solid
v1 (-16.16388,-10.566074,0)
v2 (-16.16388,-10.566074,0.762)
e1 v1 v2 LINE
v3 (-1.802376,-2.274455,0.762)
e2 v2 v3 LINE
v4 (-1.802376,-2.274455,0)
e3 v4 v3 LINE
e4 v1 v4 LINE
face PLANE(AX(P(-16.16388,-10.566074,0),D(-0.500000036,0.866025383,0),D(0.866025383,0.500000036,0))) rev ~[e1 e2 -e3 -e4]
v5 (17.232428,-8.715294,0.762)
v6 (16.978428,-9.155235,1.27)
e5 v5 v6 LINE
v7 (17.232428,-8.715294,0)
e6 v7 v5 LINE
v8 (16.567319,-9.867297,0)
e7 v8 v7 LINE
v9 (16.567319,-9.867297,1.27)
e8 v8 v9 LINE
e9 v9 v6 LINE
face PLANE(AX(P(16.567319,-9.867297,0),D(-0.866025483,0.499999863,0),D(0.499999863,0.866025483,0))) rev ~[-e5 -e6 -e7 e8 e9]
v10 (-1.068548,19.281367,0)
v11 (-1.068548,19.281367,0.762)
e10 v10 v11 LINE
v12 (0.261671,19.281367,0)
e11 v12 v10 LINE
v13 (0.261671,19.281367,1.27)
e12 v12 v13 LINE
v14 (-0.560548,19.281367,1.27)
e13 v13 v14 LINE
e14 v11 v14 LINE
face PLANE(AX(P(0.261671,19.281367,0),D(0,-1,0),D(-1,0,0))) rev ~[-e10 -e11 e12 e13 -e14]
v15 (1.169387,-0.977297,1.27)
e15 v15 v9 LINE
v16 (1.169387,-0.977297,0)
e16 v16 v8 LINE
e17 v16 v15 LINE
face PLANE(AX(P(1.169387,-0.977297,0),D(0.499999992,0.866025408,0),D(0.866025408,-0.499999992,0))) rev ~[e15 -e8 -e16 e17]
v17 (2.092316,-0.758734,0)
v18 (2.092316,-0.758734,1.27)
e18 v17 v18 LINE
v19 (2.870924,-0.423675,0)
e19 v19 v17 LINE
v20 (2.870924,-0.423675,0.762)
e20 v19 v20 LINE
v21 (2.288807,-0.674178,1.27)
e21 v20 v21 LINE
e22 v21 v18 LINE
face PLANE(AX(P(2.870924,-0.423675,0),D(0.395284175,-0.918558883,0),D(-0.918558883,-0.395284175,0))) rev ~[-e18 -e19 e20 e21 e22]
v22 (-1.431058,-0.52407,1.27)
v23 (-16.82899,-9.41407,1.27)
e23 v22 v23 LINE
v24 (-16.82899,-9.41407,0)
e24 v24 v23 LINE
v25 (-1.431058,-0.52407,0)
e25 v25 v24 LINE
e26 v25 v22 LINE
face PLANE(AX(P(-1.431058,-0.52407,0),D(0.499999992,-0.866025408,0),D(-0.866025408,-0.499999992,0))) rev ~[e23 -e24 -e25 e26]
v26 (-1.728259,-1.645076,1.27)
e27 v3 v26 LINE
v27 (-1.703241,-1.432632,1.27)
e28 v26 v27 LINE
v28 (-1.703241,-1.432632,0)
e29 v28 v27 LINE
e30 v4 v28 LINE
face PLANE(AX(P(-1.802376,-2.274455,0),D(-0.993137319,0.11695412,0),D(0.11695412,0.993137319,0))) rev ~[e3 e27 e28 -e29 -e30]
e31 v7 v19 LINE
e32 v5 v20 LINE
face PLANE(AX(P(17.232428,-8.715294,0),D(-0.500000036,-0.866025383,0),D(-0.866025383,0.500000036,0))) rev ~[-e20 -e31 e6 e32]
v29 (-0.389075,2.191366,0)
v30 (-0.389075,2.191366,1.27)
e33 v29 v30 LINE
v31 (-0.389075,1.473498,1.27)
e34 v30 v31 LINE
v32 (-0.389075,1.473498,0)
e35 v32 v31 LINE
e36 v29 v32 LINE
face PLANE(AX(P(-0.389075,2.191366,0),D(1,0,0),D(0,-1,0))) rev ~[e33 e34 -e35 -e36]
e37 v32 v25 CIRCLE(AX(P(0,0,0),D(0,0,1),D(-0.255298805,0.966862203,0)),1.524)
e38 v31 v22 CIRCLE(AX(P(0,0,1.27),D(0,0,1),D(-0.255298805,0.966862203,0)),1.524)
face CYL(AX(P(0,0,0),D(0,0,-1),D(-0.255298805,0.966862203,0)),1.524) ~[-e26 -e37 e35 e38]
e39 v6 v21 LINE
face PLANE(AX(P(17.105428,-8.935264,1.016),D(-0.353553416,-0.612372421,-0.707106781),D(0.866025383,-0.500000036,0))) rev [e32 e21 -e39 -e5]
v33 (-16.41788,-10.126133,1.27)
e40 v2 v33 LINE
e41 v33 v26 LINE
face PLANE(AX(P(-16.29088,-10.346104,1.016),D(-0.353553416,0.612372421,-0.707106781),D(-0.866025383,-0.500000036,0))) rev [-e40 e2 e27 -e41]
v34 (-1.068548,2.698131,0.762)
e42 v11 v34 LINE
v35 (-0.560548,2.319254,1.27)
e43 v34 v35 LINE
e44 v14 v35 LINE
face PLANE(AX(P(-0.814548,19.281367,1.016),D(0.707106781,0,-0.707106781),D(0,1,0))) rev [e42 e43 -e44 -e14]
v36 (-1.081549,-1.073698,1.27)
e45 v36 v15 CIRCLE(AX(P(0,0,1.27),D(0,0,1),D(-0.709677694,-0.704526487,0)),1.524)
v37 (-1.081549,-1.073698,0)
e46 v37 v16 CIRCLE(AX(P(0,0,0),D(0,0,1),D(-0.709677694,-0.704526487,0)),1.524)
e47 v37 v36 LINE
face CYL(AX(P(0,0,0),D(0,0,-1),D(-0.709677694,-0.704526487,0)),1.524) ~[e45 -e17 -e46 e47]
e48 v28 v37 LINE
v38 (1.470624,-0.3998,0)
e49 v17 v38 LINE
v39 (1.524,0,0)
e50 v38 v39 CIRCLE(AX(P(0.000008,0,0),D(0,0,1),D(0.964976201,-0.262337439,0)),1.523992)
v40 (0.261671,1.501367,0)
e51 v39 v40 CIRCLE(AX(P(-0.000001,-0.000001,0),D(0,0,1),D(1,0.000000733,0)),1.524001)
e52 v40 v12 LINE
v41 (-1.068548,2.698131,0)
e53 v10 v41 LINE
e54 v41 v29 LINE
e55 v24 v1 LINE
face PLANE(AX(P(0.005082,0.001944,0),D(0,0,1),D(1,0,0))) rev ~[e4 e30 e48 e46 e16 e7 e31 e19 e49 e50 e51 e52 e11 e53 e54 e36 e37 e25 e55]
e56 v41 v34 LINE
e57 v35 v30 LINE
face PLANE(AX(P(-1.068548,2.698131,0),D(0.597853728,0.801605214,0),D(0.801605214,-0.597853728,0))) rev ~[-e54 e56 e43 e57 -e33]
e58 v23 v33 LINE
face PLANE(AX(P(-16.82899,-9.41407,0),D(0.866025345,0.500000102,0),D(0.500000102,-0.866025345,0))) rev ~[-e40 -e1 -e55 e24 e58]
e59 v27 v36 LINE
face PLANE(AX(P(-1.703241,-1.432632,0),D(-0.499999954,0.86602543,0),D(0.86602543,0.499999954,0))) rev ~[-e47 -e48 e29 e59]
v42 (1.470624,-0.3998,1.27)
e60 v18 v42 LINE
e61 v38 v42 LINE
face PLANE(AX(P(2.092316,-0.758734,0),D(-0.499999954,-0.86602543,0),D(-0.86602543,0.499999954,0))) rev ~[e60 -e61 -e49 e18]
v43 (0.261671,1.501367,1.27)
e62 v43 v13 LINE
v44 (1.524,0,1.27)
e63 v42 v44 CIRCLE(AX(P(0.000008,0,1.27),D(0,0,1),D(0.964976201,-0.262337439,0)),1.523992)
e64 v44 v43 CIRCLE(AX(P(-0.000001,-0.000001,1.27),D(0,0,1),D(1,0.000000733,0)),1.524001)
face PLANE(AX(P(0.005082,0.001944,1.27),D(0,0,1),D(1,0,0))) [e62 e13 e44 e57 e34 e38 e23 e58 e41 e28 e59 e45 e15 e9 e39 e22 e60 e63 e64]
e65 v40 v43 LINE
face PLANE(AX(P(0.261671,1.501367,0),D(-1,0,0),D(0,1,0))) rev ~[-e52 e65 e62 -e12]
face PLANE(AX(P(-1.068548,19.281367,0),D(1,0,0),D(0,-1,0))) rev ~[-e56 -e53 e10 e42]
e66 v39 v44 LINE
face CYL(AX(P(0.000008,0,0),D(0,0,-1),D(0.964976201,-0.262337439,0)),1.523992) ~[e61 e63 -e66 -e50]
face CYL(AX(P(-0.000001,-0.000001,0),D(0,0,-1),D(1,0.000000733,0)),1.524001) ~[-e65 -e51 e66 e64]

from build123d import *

# Parameters (mm, degrees)
F1_DEPTH = 1.27
F2_SIZE  = 0.508


with BuildPart() as f1:
    # F0 (on Top) → F1 (new body)
    with BuildSketch(Plane.XY):
        with BuildLine():
            ThreePointArc((1.470624, -0.3998), (1.510597, -0.201674), (1.524, 0))
            ThreePointArc((1.524, 0), (1.166482, 0.980762), (0.261671, 1.501367))
            ThreePointArc((0.261671, 1.501367), (-0.065208, 1.522604), (-0.389075, 1.473498))
            ThreePointArc((-0.389075, 1.473498), (-1.351218, 0.70483), (-1.431058, -0.52407))
            ThreePointArc((-1.431058, -0.52407), (-1.28601, -0.817774), (-1.081549, -1.073698))
            ThreePointArc((-1.081549, -1.073698), (0.065208, -1.522604), (1.169387, -0.977297))
            ThreePointArc((1.169387, -0.977297), (1.351218, -0.70483), (1.470624, -0.3998))
        make_face()
        with BuildLine():
            ThreePointArc((-0.389075, 1.473498), (-0.065208, 1.522604), (0.261671, 1.501367))
            Line((0.261671, 1.501367), (0.261671, 19.281367))
            Line((0.261671, 19.281367), (-1.068548, 19.281367))
            Line((-1.068548, 19.281367), (-1.068548, 2.698131))
            Line((-1.068548, 2.698131), (-0.389075, 2.191366))
            Line((-0.389075, 2.191366), (-0.389075, 1.473498))
        make_face()
        with BuildLine():
            Line((2.092316, -0.758734), (1.470624, -0.3998))
            ThreePointArc((1.470624, -0.3998), (1.351218, -0.70483), (1.169387, -0.977297))
            Line((1.169387, -0.977297), (16.567319, -9.867297))
            Line((16.567319, -9.867297), (17.232428, -8.715294))
            Line((17.232428, -8.715294), (2.870924, -0.423675))
            Line((2.870924, -0.423675), (2.092316, -0.758734))
        make_face()
        with BuildLine():
            ThreePointArc((-1.081549, -1.073698), (-1.28601, -0.817774), (-1.431058, -0.52407))
            Line((-1.431058, -0.52407), (-16.82899, -9.41407))
            Line((-16.82899, -9.41407), (-16.16388, -10.566074))
            Line((-16.16388, -10.566074), (-1.802376, -2.274455))
            Line((-1.802376, -2.274455), (-1.703241, -1.432632))
            Line((-1.703241, -1.432632), (-1.081549, -1.073698))
        make_face()
    extrude(amount=F1_DEPTH)

    # F2
    f2_edges = [f1.edges().sort_by_distance(p)[0] for p in [
        (-1.068548, 10.989749, 1.27),
        (-8.983128, -6.420265, 1.27),
        (10.051676, -4.569485, 1.27),
    ]]
    chamfer(f2_edges, length=F2_SIZE)


solid = f1.part
